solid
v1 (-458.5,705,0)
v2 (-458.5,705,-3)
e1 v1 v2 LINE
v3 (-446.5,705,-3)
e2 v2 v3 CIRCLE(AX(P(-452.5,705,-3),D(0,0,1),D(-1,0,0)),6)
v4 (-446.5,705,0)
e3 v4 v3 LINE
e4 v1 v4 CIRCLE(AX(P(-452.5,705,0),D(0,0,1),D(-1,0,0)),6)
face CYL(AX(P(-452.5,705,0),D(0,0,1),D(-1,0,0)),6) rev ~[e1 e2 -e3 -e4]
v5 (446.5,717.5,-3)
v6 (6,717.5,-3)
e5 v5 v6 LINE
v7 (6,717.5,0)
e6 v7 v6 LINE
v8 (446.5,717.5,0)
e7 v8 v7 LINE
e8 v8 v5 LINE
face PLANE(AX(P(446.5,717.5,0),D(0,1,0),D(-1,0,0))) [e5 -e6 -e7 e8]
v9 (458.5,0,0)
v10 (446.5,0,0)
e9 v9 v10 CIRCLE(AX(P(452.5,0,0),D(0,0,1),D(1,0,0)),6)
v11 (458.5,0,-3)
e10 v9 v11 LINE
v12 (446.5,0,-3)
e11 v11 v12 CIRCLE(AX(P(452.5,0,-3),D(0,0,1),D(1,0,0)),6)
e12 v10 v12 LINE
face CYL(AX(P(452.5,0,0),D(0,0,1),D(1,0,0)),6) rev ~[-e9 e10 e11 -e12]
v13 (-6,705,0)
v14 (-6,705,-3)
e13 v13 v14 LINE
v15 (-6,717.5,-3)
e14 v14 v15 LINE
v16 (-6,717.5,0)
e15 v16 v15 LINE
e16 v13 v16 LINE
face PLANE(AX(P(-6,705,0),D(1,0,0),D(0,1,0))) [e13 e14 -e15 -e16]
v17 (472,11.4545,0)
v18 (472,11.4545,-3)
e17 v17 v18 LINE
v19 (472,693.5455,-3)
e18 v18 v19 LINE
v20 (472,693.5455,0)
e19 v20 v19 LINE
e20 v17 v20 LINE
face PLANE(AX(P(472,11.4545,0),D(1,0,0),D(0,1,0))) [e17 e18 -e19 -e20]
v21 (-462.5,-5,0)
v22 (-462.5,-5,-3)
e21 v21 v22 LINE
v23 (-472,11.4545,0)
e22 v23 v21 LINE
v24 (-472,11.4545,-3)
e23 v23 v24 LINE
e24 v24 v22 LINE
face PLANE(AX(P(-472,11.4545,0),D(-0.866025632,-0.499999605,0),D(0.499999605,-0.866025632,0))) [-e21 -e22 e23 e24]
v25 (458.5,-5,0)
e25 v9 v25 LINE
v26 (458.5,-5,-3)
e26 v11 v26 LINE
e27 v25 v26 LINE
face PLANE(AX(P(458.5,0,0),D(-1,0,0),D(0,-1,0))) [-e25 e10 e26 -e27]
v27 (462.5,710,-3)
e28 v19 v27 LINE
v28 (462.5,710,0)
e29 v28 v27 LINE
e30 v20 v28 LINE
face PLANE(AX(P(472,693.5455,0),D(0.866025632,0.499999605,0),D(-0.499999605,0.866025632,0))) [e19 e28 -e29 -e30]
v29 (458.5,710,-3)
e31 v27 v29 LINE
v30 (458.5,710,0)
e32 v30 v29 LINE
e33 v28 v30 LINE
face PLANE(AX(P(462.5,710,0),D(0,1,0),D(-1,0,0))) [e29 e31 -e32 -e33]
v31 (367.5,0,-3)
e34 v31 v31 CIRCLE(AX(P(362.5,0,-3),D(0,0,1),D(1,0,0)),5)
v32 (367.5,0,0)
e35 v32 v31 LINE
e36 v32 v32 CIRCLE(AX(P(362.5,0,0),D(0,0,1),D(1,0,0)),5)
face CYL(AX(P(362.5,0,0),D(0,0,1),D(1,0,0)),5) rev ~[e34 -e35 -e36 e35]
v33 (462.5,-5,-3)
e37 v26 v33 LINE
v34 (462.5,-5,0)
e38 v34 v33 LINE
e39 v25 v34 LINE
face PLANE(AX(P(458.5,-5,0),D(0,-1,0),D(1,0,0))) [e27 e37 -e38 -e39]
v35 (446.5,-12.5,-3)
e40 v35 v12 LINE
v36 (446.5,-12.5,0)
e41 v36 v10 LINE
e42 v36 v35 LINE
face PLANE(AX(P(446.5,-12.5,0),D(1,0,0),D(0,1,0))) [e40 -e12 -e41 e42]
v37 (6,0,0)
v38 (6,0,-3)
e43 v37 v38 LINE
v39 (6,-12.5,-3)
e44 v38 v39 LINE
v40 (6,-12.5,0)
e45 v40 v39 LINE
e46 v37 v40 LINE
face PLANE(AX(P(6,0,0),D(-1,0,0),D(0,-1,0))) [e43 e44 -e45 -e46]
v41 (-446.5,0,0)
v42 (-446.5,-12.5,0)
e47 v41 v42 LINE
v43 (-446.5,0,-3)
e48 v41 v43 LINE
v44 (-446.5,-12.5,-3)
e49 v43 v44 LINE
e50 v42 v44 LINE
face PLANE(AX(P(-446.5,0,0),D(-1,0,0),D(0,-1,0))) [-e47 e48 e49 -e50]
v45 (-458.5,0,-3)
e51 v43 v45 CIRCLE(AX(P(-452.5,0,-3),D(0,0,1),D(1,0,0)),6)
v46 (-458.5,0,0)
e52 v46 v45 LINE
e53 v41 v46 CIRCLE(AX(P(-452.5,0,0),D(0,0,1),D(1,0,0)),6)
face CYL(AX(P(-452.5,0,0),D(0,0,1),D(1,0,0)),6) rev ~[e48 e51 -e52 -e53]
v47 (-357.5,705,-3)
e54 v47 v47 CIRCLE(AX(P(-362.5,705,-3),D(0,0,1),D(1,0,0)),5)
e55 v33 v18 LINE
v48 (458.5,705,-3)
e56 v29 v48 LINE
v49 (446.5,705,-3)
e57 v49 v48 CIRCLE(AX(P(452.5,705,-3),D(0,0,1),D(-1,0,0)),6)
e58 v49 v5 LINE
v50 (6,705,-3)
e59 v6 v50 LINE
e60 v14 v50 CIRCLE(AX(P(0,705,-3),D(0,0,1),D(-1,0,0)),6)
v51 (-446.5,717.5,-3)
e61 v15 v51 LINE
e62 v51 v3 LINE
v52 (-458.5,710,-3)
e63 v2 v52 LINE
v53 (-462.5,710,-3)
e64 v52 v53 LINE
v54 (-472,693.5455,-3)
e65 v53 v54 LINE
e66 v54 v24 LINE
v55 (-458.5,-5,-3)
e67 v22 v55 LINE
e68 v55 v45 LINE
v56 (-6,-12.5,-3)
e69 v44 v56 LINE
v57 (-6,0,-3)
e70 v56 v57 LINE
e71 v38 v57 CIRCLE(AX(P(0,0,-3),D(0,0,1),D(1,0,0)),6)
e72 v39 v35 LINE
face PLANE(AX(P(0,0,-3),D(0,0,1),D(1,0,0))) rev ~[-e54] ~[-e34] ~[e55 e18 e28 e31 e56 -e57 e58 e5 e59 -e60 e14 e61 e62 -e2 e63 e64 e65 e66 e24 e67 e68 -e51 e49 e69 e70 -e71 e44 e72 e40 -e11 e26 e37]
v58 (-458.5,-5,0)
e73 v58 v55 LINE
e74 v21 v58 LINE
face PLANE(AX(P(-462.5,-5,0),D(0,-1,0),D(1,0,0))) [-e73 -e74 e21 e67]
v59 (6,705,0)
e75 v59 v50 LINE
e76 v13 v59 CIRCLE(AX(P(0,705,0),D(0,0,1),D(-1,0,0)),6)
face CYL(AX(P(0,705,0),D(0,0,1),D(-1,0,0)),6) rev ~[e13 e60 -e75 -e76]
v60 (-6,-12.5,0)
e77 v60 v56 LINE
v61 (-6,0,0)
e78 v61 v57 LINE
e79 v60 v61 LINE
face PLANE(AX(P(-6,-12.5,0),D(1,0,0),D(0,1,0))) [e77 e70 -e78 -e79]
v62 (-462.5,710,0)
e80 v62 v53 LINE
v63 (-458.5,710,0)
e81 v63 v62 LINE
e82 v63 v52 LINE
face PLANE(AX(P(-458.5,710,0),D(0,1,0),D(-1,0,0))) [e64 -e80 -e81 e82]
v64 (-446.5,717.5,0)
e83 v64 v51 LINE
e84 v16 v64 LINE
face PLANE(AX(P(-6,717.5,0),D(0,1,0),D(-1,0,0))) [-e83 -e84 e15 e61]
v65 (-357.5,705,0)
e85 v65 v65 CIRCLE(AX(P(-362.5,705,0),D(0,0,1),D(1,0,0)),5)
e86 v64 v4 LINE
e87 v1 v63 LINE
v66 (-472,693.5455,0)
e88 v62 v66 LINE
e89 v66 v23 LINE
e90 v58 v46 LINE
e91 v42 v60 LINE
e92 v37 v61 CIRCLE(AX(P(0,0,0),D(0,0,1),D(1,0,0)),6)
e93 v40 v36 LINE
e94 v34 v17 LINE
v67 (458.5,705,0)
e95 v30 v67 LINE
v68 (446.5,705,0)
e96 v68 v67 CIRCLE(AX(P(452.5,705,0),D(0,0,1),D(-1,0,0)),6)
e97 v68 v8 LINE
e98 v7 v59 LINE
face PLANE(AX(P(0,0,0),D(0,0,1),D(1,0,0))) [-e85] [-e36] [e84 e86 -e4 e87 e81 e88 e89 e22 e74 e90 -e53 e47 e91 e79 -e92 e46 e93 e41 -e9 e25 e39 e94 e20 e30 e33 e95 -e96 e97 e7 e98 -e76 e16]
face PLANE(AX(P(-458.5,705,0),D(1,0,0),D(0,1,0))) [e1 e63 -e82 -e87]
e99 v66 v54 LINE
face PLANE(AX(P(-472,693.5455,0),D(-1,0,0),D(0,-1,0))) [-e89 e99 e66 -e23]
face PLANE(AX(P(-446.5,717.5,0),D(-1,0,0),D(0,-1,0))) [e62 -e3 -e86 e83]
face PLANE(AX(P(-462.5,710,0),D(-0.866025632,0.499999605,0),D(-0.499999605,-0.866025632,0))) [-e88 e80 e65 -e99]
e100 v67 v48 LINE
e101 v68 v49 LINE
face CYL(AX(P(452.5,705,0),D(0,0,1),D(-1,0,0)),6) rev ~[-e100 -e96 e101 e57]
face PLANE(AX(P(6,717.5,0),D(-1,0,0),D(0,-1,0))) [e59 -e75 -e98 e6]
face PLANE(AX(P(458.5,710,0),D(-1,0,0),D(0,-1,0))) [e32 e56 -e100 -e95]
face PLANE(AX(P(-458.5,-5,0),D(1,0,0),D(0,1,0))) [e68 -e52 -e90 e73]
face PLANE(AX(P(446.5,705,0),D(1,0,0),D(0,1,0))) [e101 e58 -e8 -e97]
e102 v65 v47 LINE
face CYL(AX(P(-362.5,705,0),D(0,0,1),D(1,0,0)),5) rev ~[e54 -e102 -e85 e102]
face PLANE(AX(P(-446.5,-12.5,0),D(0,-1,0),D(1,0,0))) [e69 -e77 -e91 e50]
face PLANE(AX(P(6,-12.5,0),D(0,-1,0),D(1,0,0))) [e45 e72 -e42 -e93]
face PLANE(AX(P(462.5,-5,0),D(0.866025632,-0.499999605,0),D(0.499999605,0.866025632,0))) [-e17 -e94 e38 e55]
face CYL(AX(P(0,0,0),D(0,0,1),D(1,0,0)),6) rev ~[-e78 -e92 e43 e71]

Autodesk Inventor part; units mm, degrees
sketch "Skizze_3" plane through (0, 0, 0) normal (0, 0, 1) x (1, 0, 0)
  line L0 (-472, 11.4545) -> (-462.5, -5)
  line L1 (-462.5, -5) -> (-458.5, -5)
  line L2 (-458.5, -5) -> (-458.5, 0)
  arc A0 (-446.5, 0) -> (-458.5, 0) centre (-452.5, 0) ccw
  line L3 (-446.5, 0) -> (-446.5, -12.5)
  line L4 (-446.5, -12.5) -> (-6, -12.5)
  line L5 (-6, -12.5) -> (-6, 0)
  arc A1 (6, 0) -> (-6, 0) centre (0, 0) ccw
  line L6 (6, 0) -> (6, -12.5)
  line L7 (6, -12.5) -> (446.5, -12.5)
  line L8 (446.5, -12.5) -> (446.5, 0)
  arc A2 (458.5, 0) -> (446.5, 0) centre (452.5, 0) ccw
  line L9 (458.5, 0) -> (458.5, -5)
  line L10 (458.5, -5) -> (462.5, -5)
  line L11 (462.5, -5) -> (472, 11.4545)
  line L12 (472, 11.4545) -> (472, 693.5455)
  line L13 (472, 693.5455) -> (462.5, 710)
  line L14 (462.5, 710) -> (458.5, 710)
  line L15 (458.5, 710) -> (458.5, 705)
  arc A3 (446.5, 705) -> (458.5, 705) centre (452.5, 705) ccw
  line L16 (446.5, 705) -> (446.5, 717.5)
  line L17 (446.5, 717.5) -> (6, 717.5)
  line L18 (6, 717.5) -> (6, 705)
  arc A4 (-6, 705) -> (6, 705) centre (0, 705) ccw
  line L19 (-6, 705) -> (-6, 717.5)
  line L20 (-6, 717.5) -> (-446.5, 717.5)
  line L21 (-446.5, 717.5) -> (-446.5, 705)
  arc A5 (-458.5, 705) -> (-446.5, 705) centre (-452.5, 705) ccw
  line L22 (-458.5, 705) -> (-458.5, 710)
  line L23 (-458.5, 710) -> (-462.5, 710)
  line L24 (-462.5, 710) -> (-472, 693.5455)
  line L25 (-472, 693.5455) -> (-472, 11.4545)
  circle A6 centre (362.5, 0) radius 5
  circle A7 centre (-362.5, 705) radius 5
extrude "Extrusion1" add sketch "Skizze_3" against normal blind 3
ref_plane "DPF11_XY" through (472, 352.5, 0) normal (0, 0, 1) x (1, 0, 0)
ref_plane "DPF11_YZ" through (472, 352.5, 0) normal (1, 0, 0) x (0, 1, 0)
ref_plane "DPF11_ZX" through (472, 352.5, 0) normal (0, 1, 0) x (0, 0, 1)
ref_plane "DPF12_XY" through (-472, 352.5, 0) normal (0, 0, 1) x (1, 0, 0)
ref_plane "DPF12_YZ" through (-472, 352.5, 0) normal (1, 0, 0) x (0, 1, 0)
ref_plane "DPF12_ZX" through (-472, 352.5, 0) normal (0, 1, 0) x (0, 0, 1)
ref_plane "DPF21_XY" through (452.5, 705, 0) normal (0, 0, 1) x (1, 0, 0)
ref_plane "DPF21_YZ" through (452.5, 705, 0) normal (1, 0, 0) x (0, 1, 0)
ref_plane "DPF21_ZX" through (452.5, 705, 0) normal (0, 1, 0) x (0, 0, 1)
ref_plane "DPF22_XY" through (-452.5, 705, 0) normal (0, 0, 1) x (1, 0, 0)
ref_plane "DPF22_YZ" through (-452.5, 705, 0) normal (1, 0, 0) x (0, 1, 0)
ref_plane "DPF22_ZX" through (-452.5, 705, 0) normal (0, 1, 0) x (0, 0, 1)
ref_plane "DPG11_XY" through (0, -12.5, 0) normal (0, 0, 1) x (1, 0, 0)
ref_plane "DPG11_YZ" through (0, -12.5, 0) normal (1, 0, 0) x (0, 1, 0)
ref_plane "DPG11_ZX" through (0, -12.5, 0) normal (0, 1, 0) x (0, 0, 1)
ref_plane "DPG12_XY" through (0, 717.5, 0) normal (0, 0, 1) x (1, 0, 0)
ref_plane "DPG12_YZ" through (0, 717.5, 0) normal (1, 0, 0) x (0, 1, 0)
ref_plane "DPG12_ZX" through (0, 717.5, 0) normal (0, 1, 0) x (0, 0, 1)
ref_plane "DPG21_XY" through (452.5, 0, 0) normal (0, 0, 1) x (1, 0, 0)
ref_plane "DPG21_YZ" through (452.5, 0, 0) normal (1, 0, 0) x (0, 1, 0)
ref_plane "DPG21_ZX" through (452.5, 0, 0) normal (0, 1, 0) x (0, 0, 1)
ref_plane "DPG22_XY" through (452.5, 705, 0) normal (0, 0, 1) x (1, 0, 0)
ref_plane "DPG22_YZ" through (452.5, 705, 0) normal (1, 0, 0) x (0, 1, 0)
ref_plane "DPG22_ZX" through (452.5, 705, 0) normal (0, 1, 0) x (0, 0, 1)
ref_plane "montageplatte_XY" through (-452.5, 0, 0) normal (0, 0, 1) x (1, 0, 0)
ref_plane "montageplatte_YZ" through (-452.5, 0, 0) normal (1, 0, 0) x (0, 1, 0)
ref_plane "montageplatte_ZX" through (-452.5, 0, 0) normal (0, 1, 0) x (0, 0, 1)
properties part number "1100_02_16 (2)"
